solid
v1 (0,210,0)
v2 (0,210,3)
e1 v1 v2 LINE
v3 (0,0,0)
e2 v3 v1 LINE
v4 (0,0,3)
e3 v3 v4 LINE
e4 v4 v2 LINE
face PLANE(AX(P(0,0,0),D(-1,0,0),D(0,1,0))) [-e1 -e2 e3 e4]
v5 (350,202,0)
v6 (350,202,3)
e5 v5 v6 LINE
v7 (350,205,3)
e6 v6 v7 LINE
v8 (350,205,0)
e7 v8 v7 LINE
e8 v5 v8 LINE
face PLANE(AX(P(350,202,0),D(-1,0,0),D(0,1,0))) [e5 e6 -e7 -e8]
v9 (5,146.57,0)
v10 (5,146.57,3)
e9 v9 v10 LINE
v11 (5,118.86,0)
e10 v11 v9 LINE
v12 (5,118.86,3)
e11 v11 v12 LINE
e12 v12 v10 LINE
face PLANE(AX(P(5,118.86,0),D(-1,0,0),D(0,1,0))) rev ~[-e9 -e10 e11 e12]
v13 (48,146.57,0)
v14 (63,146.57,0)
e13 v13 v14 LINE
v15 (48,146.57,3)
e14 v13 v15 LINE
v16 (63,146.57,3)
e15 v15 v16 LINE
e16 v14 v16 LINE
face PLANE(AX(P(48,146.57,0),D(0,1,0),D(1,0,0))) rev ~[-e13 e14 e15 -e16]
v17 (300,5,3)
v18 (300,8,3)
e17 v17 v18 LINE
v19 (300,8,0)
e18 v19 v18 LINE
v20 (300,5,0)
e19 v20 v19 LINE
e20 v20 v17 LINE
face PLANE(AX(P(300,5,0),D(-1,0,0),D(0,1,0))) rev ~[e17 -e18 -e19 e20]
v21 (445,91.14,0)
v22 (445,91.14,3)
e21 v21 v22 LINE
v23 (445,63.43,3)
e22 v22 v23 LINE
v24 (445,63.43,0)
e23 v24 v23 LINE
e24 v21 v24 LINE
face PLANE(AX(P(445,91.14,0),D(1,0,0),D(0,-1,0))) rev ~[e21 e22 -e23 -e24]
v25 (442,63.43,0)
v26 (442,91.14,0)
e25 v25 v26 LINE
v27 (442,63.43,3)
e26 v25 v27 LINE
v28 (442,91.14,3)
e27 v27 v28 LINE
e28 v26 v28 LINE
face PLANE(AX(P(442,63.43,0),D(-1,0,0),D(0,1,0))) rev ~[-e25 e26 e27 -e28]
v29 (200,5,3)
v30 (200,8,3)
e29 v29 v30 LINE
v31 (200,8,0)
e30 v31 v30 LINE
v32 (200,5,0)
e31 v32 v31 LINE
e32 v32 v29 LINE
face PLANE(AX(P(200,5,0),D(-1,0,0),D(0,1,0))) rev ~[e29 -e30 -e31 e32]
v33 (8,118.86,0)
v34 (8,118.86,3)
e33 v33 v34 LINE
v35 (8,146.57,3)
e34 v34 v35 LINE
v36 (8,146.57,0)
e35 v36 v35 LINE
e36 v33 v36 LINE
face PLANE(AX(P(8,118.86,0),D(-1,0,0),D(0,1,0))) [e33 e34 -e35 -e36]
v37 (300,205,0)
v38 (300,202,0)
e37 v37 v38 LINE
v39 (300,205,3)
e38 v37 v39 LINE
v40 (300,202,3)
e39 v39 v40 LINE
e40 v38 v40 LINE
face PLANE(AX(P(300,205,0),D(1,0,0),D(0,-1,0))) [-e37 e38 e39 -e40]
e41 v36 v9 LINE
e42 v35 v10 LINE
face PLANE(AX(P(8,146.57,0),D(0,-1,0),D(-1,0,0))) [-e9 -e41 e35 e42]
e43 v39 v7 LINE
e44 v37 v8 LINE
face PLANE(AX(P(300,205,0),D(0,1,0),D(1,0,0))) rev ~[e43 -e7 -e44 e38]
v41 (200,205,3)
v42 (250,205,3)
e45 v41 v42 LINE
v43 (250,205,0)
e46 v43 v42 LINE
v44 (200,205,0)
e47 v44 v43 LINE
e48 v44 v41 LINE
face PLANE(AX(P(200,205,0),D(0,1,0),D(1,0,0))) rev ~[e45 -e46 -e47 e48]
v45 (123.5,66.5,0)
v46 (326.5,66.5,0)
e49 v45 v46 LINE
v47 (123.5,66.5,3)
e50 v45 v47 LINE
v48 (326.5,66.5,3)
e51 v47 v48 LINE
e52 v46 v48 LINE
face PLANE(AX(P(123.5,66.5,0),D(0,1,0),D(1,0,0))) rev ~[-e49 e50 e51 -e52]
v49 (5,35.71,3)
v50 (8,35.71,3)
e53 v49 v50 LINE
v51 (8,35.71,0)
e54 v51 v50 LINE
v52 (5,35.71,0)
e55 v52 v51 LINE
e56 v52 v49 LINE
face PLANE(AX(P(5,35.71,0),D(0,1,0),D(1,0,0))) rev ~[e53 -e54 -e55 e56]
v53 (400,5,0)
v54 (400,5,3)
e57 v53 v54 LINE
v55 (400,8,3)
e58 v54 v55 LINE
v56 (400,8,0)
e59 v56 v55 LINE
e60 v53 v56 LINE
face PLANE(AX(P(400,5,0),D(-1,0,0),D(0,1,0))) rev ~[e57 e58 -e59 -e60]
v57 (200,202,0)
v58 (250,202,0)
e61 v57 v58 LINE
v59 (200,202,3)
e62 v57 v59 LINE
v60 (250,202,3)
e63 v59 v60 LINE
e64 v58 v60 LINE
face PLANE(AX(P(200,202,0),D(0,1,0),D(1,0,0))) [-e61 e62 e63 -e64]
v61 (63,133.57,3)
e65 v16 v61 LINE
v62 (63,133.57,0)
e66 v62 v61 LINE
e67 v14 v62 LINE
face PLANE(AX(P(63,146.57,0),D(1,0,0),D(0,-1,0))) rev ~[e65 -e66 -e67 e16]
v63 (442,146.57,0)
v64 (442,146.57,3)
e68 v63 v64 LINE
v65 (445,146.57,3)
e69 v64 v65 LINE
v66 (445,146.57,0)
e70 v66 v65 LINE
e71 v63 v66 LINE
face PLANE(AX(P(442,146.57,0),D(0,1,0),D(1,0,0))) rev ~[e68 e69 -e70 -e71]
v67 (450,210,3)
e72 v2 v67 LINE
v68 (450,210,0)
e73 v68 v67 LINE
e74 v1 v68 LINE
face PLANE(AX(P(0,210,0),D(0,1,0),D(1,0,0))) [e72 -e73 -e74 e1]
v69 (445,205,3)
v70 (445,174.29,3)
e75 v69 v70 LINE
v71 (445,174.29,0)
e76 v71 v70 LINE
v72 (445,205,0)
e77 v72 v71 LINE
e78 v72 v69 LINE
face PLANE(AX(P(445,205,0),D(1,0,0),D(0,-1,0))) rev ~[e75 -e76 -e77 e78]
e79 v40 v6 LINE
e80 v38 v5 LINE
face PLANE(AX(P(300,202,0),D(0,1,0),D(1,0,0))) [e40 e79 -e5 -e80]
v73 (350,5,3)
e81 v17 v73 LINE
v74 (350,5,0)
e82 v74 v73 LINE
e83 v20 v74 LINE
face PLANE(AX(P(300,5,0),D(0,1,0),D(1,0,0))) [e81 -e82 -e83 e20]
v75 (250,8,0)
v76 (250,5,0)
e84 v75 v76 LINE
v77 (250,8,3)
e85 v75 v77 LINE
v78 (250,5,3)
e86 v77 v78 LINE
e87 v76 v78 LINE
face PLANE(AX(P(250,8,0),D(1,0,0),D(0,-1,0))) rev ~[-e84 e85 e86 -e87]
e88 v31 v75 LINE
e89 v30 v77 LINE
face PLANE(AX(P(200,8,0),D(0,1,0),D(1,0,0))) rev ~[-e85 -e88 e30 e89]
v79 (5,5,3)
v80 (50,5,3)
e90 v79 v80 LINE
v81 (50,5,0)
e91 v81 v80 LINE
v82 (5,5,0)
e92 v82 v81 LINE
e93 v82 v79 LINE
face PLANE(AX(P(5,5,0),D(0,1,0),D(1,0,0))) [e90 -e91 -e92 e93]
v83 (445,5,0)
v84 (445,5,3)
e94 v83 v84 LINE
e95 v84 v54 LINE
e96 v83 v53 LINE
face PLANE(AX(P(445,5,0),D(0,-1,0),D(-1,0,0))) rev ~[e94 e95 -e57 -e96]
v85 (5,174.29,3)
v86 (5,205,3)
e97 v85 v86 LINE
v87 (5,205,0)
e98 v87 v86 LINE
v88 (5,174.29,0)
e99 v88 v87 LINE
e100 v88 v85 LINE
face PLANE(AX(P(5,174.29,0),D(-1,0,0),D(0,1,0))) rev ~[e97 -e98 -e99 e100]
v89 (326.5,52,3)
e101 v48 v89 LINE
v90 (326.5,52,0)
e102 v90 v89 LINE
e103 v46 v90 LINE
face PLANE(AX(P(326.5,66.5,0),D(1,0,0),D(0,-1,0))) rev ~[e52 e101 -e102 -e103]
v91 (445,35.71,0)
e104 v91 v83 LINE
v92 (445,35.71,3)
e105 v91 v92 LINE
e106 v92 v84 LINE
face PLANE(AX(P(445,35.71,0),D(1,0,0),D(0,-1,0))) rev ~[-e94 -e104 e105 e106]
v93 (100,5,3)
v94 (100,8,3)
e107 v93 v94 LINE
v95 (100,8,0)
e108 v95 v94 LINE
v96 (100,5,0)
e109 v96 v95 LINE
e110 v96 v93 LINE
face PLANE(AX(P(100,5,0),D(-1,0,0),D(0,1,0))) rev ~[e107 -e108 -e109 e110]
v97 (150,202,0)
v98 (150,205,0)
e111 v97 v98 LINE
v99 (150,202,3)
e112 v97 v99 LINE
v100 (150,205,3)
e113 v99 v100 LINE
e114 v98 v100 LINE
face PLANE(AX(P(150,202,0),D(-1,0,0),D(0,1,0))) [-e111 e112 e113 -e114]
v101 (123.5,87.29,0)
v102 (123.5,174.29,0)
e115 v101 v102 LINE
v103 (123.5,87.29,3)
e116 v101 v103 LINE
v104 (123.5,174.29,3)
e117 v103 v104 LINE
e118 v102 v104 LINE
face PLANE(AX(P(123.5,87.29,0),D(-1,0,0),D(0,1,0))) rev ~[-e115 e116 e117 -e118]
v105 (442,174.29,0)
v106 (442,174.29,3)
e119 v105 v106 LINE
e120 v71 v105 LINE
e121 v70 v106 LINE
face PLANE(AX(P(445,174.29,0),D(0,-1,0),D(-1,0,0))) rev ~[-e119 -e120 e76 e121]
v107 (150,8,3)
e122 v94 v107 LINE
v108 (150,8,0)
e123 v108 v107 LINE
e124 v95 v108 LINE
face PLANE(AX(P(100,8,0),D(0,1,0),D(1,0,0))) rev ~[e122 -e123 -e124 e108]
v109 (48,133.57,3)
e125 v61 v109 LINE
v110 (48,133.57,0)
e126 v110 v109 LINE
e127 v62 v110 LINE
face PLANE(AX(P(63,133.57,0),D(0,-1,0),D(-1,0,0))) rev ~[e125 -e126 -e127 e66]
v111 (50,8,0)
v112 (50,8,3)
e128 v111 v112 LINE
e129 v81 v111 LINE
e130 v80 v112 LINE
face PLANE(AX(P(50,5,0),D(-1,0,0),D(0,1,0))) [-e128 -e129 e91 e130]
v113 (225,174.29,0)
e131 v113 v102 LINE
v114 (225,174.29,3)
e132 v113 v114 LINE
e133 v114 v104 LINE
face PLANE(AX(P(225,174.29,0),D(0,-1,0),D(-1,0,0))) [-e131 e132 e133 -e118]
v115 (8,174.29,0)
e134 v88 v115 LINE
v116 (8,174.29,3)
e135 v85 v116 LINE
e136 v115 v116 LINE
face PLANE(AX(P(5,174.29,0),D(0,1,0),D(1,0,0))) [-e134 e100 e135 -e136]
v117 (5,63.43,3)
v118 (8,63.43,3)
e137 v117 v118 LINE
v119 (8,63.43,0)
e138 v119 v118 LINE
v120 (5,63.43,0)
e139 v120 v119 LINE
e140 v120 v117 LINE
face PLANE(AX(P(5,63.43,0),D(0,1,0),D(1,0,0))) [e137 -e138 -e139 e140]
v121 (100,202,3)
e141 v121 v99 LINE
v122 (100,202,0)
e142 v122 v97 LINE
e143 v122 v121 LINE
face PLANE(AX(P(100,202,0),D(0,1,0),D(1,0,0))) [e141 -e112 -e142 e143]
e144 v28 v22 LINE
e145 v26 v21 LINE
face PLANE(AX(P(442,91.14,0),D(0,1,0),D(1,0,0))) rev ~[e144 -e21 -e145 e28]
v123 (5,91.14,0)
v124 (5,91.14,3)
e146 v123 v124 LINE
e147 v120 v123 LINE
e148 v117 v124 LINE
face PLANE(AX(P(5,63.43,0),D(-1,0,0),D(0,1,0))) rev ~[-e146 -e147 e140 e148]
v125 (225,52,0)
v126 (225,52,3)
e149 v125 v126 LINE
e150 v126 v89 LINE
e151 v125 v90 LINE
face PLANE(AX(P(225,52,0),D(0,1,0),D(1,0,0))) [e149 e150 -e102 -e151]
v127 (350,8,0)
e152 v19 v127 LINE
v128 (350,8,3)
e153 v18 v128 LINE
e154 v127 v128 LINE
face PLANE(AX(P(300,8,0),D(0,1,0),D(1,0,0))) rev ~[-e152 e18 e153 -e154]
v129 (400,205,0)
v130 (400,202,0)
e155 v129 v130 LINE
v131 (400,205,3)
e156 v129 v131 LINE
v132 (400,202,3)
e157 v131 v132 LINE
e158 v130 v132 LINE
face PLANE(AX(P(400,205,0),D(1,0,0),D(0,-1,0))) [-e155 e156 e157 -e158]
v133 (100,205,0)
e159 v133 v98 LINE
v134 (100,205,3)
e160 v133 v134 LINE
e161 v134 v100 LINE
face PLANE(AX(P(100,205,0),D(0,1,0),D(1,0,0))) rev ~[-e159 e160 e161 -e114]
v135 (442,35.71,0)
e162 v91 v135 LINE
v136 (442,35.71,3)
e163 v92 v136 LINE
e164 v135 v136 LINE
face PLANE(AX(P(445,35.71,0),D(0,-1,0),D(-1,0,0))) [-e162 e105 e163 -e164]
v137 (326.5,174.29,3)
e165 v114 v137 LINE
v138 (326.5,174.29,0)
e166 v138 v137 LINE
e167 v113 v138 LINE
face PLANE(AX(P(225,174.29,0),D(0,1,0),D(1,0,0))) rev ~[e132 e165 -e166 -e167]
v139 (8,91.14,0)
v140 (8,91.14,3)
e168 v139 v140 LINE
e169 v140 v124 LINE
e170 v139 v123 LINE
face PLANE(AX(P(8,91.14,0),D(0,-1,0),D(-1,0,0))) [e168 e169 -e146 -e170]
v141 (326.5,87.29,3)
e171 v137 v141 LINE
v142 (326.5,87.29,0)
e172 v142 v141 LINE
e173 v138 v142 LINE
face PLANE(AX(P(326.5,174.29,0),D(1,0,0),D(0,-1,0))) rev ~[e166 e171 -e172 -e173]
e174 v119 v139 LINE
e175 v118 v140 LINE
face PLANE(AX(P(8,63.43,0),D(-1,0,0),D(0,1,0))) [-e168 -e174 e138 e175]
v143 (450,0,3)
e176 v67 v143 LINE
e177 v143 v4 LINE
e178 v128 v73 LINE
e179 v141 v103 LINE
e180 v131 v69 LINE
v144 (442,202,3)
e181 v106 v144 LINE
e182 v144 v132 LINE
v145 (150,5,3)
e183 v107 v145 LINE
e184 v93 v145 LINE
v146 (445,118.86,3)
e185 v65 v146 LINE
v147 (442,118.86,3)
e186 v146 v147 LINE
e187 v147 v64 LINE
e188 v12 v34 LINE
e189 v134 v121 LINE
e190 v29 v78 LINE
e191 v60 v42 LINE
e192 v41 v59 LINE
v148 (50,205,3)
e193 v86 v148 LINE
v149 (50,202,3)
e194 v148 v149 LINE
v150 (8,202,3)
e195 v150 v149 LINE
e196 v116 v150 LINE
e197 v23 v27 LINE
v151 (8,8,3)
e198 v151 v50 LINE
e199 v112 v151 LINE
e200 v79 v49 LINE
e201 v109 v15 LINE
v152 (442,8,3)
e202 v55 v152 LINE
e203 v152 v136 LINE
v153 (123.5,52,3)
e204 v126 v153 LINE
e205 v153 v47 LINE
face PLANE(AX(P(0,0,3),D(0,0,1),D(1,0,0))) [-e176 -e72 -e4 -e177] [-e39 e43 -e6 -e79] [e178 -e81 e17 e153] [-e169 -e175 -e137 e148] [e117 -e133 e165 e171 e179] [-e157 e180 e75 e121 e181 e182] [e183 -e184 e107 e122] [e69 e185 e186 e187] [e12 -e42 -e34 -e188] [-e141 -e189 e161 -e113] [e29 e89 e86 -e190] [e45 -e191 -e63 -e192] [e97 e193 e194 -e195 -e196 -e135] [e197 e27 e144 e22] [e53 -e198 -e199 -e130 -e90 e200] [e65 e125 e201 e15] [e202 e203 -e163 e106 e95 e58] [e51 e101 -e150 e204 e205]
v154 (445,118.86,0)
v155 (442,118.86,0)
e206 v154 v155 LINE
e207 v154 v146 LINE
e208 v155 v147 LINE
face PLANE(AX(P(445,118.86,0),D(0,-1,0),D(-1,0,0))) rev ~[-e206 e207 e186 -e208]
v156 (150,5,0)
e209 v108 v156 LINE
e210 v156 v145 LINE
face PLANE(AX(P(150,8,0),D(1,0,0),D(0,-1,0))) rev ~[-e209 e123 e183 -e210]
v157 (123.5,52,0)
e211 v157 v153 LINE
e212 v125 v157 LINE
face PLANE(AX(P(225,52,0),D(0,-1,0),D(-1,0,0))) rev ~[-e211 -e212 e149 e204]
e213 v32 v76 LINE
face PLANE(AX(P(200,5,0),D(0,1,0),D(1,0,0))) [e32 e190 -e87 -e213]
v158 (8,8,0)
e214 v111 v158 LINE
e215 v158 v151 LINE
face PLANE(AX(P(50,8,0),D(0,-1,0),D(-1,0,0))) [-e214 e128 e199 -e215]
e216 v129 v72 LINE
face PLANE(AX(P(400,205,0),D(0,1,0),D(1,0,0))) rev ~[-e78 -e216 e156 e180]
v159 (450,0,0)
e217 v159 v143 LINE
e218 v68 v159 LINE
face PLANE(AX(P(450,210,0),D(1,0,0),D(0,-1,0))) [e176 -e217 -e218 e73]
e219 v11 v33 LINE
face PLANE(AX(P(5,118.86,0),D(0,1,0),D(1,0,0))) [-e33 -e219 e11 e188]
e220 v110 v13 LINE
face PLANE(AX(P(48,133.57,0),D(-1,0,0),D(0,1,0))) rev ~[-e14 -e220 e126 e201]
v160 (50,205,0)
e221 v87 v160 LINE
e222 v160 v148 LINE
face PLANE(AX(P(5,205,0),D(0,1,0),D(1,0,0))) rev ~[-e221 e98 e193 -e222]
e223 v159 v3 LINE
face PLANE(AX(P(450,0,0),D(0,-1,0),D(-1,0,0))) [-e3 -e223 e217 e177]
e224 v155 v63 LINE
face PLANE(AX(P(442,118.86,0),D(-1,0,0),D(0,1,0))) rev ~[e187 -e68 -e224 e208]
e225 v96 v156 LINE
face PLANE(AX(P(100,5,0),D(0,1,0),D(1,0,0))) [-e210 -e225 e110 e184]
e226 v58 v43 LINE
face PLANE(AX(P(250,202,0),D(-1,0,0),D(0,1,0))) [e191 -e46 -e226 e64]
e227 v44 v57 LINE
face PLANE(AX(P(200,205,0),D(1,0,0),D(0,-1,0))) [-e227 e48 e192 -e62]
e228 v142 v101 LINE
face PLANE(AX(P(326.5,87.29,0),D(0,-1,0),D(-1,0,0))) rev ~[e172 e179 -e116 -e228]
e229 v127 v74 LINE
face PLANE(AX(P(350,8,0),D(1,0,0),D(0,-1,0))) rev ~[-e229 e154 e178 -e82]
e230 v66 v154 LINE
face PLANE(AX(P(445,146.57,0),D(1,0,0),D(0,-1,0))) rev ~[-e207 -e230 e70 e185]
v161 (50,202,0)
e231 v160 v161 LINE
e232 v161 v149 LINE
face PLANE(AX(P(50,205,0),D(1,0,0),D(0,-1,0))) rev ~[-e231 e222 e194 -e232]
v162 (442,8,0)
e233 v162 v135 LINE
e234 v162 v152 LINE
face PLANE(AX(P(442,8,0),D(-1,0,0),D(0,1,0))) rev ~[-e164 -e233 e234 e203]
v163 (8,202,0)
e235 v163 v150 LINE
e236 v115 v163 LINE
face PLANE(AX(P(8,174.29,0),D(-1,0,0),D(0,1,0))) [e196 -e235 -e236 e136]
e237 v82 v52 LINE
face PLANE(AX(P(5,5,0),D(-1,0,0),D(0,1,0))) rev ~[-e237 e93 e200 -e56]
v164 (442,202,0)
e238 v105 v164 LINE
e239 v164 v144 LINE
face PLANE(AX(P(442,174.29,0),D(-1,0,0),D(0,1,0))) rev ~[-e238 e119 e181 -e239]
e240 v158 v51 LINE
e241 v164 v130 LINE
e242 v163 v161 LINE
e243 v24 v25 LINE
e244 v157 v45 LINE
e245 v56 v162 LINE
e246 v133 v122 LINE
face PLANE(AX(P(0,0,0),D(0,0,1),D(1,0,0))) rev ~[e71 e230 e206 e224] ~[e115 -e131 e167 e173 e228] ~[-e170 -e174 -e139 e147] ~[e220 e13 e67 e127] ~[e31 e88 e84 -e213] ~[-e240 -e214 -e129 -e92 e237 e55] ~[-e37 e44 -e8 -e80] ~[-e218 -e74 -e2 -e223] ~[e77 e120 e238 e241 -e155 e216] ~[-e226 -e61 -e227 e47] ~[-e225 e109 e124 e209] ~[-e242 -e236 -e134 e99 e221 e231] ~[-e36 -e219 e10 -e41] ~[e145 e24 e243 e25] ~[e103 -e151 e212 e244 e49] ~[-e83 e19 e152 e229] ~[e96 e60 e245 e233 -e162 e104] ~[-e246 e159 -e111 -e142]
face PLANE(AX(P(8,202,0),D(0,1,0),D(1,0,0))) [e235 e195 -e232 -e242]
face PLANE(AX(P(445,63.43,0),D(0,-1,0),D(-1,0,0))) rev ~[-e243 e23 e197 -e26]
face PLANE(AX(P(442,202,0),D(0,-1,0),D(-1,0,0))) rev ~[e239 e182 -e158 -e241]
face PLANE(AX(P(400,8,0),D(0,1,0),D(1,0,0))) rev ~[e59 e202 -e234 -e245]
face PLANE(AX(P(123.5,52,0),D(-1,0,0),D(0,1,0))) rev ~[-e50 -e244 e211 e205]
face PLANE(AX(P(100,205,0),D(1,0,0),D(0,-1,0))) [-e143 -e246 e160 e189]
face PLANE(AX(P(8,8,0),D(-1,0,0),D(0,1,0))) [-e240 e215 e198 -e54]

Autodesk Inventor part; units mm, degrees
ref_plane "YZ Plane" through (0, 0, 0) normal (1, 0, 0) x (0, 1, 0)
ref_plane "XZ Plane" through (0, 0, 0) normal (0, 1, 0) x (-1, 0, 0)
ref_plane "XY Plane" through (0, 0, 0) normal (0, 0, 1) x (1, 0, 0)
sketch "Boceto1" plane through (0, 0, 0) normal (0, 0, 1) x (1, 0, 0)
  line L0 (0, 0) -> (0, 210)
  line L1 (0, 210) -> (450, 210)
  line L2 (450, 210) -> (450, 0)
  line L3 (450, 0) -> (0, 0)
  line L4 (5, 5) -> (5, 35.71)
  line L5 (5, 5) -> (50, 5)
  line L6 (50, 5) -> (50, 8)
  line L7 (5, 35.71) -> (8, 35.71)
  line L8 (50, 8) -> (8, 8)
  line L9 (8, 8) -> (8, 35.71)
  line L10 (5, 63.43) -> (5, 91.14)
  line L11 (5, 118.86) -> (5, 146.57)
  line L12 (5, 174.29) -> (5, 205)
  line L13 (5, 205) -> (50, 205)
  line L14 (5, 63.43) -> (8, 63.43)
  line L15 (8, 63.43) -> (8, 91.14)
  line L16 (8, 91.14) -> (5, 91.14)
  line L17 (5, 118.86) -> (8, 118.86)
  line L18 (8, 118.86) -> (8, 146.57)
  line L19 (8, 146.57) -> (5, 146.57)
  line L20 (50, 205) -> (50, 202)
  line L21 (5, 174.29) -> (8, 174.29)
  line L22 (8, 174.29) -> (8, 202)
  line L23 (8, 202) -> (50, 202)
  line L24 (100, 205) -> (150, 205)
  line L25 (200, 205) -> (250, 205)
  line L26 (300, 205) -> (350, 205)
  line L27 (400, 205) -> (445, 205)
  line L28 (445, 205) -> (445, 174.29)
  line L29 (100, 205) -> (100, 202)
  line L30 (100, 202) -> (150, 202)
  line L31 (150, 202) -> (150, 205)
  line L32 (200, 205) -> (200, 202)
  line L33 (200, 202) -> (250, 202)
  line L34 (250, 202) -> (250, 205)
  line L35 (300, 205) -> (300, 202)
  line L36 (300, 202) -> (350, 202)
  line L37 (350, 202) -> (350, 205)
  line L38 (400, 205) -> (400, 202)
  line L39 (445, 174.29) -> (442, 174.29)
  line L40 (442, 174.29) -> (442, 202)
  line L41 (442, 202) -> (400, 202)
  line L42 (445, 146.57) -> (445, 118.86)
  line L43 (445, 91.14) -> (445, 63.43)
  line L44 (445, 35.71) -> (445, 5)
  line L45 (445, 5) -> (400, 5)
  line L46 (445, 35.71) -> (442, 35.71)
  line L47 (400, 5) -> (400, 8)
  line L48 (400, 8) -> (442, 8)
  line L49 (442, 8) -> (442, 35.71)
  line L50 (445, 63.43) -> (442, 63.43)
  line L51 (442, 63.43) -> (442, 91.14)
  line L52 (442, 91.14) -> (445, 91.14)
  line L53 (445, 118.86) -> (442, 118.86)
  line L54 (442, 118.86) -> (442, 146.57)
  line L55 (442, 146.57) -> (445, 146.57)
  line L56 (100, 5) -> (150, 5)
  line L57 (200, 5) -> (250, 5)
  line L58 (300, 5) -> (350, 5)
  line L59 (100, 5) -> (100, 8)
  line L60 (100, 8) -> (150, 8)
  line L61 (150, 8) -> (150, 5)
  line L62 (200, 5) -> (200, 8)
  line L63 (200, 8) -> (250, 8)
  line L64 (250, 8) -> (250, 5)
  line L65 (300, 5) -> (300, 8)
  line L66 (300, 8) -> (350, 8)
  line L67 (350, 8) -> (350, 5)
  line L68 (225, 174.29) -> (326.5, 174.29)
  line L69 (225, 174.29) -> (123.5, 174.29)
  line L70 (326.5, 174.29) -> (326.5, 87.29)
  line L71 (326.5, 87.29) -> (123.5, 87.29)
  line L72 (123.5, 87.29) -> (123.5, 174.29)
  line L73 (225, 52) -> (326.5, 52)
  line L74 (225, 52) -> (123.5, 52)
  line L75 (123.5, 52) -> (123.5, 66.5)
  line L76 (123.5, 66.5) -> (326.5, 66.5)
  line L77 (326.5, 66.5) -> (326.5, 52)
  line L78 (48, 146.57) -> (63, 146.57)
  line L79 (63, 146.57) -> (63, 133.57)
  line L80 (63, 133.57) -> (48, 133.57)
  line L81 (48, 133.57) -> (48, 146.57)
  dimension "d0" = 210
  dimension "d1" = 450
  dimension "d2" = 30.71
  dimension "d3" = 45
  dimension "d4" = 3
  dimension "d5" = 3
  dimension "d7" = 27.71
  dimension "d8" = 27.72
  dimension "d9" = 27.71
  dimension "d10" = 27.72
  dimension "d12" = 30.71
  dimension "d13" = 45
  dimension "d14" = 27.72
  dimension "d15" = 3
  dimension "d17" = 3
  dimension "d19" = 3
  dimension "d20" = 3
  dimension "d21" = 50
  dimension "d22" = 50
  dimension "d23" = 50
  dimension "d24" = 50
  dimension "d25" = 50
  dimension "d26" = 50
  dimension "d27" = 50
  dimension "d28" = 45
  dimension "d29" = 30.71
  dimension "d30" = 3
  dimension "d31" = 3
  dimension "d33" = 3
  dimension "d35" = 50
  dimension "d36" = 3
  dimension "d37" = 3
  dimension "d38" = 27.72
  dimension "d39" = 27.71
  dimension "d40" = 27.72
  dimension "d41" = 27.71
  dimension "d42" = 27.72
  dimension "d43" = 30.71
  dimension "d44" = 3
  dimension "d45" = 3
  dimension "d46" = 3
  dimension "d47" = 3
  dimension "d48" = 50
  dimension "d49" = 50
  dimension "d50" = 50
  dimension "d51" = 50
  dimension "d52" = 50
  dimension "d53" = 50
  dimension "d54" = 50
  dimension "d55" = 3
  dimension "d56" = 3
  dimension "d58" = 3
  dimension "d59" = 5
  dimension "d60" = 5
  dimension "d61" = 5
  dimension "d62" = 5
  dimension "d63" = 5
  dimension "d64" = 5
  dimension "d65" = 5
  dimension "d66" = 5
  dimension "d67" = 5
  dimension "d68" = 5
  dimension "d69" = 5
  dimension "d70" = 5
extrude "Extrusión1" add sketch "Boceto1" along normal blind 3
properties part number "Frontal Arduino" material "Madera (nogal)"
